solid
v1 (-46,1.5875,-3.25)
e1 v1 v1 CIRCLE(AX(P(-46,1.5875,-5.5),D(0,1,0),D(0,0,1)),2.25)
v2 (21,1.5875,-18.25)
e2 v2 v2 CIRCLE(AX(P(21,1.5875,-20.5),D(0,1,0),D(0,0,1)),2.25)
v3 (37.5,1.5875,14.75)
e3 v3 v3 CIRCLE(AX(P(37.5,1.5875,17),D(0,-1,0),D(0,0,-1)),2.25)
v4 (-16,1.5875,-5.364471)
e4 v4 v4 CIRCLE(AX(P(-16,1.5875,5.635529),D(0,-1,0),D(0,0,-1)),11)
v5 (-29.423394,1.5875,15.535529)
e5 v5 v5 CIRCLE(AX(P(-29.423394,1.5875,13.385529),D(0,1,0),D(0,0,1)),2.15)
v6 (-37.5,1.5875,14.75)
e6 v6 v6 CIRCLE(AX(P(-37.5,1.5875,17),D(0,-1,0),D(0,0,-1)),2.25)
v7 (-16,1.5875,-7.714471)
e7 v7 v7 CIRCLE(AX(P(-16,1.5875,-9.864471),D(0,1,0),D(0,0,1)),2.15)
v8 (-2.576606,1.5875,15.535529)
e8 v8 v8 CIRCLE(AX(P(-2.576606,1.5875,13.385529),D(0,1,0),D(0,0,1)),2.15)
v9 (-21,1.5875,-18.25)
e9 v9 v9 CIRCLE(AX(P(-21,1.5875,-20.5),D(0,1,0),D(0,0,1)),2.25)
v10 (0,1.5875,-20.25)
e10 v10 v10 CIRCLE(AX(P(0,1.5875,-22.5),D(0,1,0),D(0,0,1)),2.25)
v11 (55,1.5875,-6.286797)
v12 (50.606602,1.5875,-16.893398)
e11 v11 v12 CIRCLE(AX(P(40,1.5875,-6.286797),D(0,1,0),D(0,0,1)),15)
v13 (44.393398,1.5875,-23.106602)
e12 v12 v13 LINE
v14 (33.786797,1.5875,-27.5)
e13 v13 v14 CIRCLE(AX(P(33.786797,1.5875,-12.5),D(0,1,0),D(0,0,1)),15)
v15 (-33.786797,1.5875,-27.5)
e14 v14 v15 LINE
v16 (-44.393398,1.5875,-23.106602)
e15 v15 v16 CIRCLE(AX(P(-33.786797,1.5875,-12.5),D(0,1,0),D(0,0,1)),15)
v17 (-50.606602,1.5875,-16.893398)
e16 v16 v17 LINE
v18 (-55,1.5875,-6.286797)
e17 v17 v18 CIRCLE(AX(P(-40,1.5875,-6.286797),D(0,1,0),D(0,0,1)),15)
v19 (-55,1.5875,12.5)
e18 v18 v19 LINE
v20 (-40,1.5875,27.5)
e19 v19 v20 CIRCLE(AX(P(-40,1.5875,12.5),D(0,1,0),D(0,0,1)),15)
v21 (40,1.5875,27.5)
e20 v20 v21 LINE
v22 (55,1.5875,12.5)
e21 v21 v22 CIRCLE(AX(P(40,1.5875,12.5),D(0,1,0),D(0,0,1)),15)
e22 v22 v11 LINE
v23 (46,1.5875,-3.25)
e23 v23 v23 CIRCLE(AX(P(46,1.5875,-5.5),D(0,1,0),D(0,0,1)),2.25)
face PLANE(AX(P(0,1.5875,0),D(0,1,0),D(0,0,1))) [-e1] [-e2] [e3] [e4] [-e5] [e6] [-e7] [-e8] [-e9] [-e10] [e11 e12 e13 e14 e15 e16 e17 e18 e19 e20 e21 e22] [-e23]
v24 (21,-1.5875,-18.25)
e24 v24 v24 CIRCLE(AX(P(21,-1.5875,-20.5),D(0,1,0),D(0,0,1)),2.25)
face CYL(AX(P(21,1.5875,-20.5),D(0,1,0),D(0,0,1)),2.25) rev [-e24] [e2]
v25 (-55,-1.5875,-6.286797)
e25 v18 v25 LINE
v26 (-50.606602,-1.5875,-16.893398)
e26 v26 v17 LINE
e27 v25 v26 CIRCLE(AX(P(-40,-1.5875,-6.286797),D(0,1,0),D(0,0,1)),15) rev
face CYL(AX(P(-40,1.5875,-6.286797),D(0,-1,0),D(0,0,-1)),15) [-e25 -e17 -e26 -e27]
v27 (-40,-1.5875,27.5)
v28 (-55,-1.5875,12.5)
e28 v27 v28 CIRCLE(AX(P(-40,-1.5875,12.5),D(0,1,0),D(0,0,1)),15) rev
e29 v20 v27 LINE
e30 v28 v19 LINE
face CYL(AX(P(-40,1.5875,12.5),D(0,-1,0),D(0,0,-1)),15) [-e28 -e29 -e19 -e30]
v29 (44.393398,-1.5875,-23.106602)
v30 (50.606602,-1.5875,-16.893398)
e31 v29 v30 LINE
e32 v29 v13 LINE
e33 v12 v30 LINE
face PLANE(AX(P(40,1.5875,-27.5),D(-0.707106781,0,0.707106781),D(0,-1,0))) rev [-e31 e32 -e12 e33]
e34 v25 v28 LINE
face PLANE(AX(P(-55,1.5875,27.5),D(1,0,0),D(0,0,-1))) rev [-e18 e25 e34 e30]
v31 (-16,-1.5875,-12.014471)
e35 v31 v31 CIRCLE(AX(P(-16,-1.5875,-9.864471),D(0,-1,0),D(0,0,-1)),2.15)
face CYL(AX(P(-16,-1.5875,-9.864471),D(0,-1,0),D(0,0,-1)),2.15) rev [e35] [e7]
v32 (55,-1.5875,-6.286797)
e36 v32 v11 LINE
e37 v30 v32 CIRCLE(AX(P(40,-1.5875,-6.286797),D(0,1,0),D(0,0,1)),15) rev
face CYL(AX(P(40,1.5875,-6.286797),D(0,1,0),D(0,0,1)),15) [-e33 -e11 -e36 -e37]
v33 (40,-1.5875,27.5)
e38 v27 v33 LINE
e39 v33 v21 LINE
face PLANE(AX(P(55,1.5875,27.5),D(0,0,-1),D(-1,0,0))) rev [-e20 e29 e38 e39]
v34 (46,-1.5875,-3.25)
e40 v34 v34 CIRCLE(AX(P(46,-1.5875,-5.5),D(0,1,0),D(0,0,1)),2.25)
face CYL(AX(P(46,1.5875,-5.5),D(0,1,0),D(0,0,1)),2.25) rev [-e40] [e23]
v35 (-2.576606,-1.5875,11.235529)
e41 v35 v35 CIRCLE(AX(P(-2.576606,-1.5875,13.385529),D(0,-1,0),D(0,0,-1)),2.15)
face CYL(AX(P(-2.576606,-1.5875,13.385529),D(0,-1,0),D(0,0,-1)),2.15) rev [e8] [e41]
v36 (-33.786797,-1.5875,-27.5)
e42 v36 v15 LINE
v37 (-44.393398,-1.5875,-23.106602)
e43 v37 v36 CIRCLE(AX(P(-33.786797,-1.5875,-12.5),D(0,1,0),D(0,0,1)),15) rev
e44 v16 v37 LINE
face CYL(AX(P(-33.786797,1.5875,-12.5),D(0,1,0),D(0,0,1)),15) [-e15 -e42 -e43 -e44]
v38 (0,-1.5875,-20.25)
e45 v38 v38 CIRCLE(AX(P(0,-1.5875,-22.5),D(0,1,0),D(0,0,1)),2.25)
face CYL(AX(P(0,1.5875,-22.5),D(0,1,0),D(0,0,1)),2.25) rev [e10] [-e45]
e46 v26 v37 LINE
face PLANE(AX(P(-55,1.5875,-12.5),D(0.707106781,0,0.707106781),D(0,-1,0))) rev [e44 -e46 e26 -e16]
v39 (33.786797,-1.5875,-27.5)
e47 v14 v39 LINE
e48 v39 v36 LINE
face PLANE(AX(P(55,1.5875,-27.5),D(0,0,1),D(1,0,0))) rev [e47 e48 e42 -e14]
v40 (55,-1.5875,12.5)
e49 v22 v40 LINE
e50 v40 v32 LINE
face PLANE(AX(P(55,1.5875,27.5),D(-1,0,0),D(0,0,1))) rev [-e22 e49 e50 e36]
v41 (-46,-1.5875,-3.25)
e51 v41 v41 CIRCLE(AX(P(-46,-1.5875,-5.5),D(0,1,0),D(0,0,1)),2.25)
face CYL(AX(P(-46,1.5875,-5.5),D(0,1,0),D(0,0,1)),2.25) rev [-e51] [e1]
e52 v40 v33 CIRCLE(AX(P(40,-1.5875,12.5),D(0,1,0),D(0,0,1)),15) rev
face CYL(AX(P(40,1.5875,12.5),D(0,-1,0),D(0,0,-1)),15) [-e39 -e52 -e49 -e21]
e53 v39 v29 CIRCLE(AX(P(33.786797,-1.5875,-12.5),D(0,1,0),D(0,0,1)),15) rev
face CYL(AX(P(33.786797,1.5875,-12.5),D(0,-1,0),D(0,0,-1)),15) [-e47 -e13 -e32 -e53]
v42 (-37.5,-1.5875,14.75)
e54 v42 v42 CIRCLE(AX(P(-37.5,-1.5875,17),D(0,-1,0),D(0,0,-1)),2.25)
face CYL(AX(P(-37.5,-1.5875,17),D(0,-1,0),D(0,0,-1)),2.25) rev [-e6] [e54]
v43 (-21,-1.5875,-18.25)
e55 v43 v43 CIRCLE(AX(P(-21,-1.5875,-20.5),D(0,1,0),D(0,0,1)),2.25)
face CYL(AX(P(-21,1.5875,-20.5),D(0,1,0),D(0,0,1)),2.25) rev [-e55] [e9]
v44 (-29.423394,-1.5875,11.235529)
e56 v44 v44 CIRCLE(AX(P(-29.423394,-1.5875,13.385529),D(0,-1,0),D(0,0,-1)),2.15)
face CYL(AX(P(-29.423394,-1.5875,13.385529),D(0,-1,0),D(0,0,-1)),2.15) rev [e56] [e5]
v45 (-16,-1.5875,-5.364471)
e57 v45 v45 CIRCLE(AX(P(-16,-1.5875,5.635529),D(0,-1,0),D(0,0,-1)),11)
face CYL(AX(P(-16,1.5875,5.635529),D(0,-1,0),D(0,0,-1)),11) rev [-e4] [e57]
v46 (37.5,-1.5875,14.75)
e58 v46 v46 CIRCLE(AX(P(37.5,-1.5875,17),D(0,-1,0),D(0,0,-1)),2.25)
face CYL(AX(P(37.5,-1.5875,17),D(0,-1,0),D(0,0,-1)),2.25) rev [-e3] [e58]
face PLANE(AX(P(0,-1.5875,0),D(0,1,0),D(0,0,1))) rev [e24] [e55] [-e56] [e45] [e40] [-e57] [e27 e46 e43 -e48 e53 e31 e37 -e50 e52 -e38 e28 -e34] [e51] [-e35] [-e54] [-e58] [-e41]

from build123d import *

# Parameters (mm, degrees)
SKETCH2_W                = 110
SKETCH2_H                = 55
BOSS_EXTRUDE1_DEPTH      = 1.5875
M4_CLEARANCE_HOLE1_D     = 4.5
M4_CLEARANCE_HOLE2_D     = 4.5
CHAMFER1_SIZE            = 15
FILLET1_R                = 15
SKETCH8_R                = 11
CUT_EXTRUDE1_DEPTH       = 4.175
M4_CLEARANCE_HOLE3_D     = 4.3
M4_CLEARANCE_HOLE3_DEPTH = 3.175


with BuildPart() as part:
    # Sketch2 → Boss-Extrude1 (new body, symmetric)
    with BuildSketch(Plane(origin=(0, 0, 0), x_dir=(1, 0, 0), z_dir=(0, 1, 0))):
        Rectangle(SKETCH2_W, SKETCH2_H)
    extrude(amount=BOSS_EXTRUDE1_DEPTH, both=True)

    # M4 Clearance Hole1 (through all)
    with Locations(Plane(origin=(0, 1.5875, 0), x_dir=(1, 0, 0), z_dir=(0, 1, 0))):
        with Locations((-46, 5.5), (-21, 20.5), (21, 20.5), (46, 5.5), (0, 22.5)):
            Hole(M4_CLEARANCE_HOLE1_D / 2)

    # M4 Clearance Hole2 (through all)
    with Locations(Plane(origin=(0, -1.5875, 0), x_dir=(-1, 0, 0), z_dir=(0, -1, 0))):
        with Locations((37.5, -17), (-37.5, -17)):
            Hole(M4_CLEARANCE_HOLE2_D / 2)

    # Chamfer1
    chamfer1_edges = [part.edges().sort_by_distance(p)[0] for p in [
        (-55, 0, -27.5),
        (55, 0, -27.5),
    ]]
    chamfer(chamfer1_edges, length=CHAMFER1_SIZE)

    # Fillet1
    fillet1_edges = [part.edges().sort_by_distance(p)[0] for p in [
        (-55, 0, -12.5),
        (40, 0, -27.5),
        (-40, 0, -27.5),
        (55, 0, -12.5),
        (55, 0, 27.5),
        (-55, 0, 27.5),
    ]]
    fillet(fillet1_edges, radius=FILLET1_R)

    # Sketch8 → Cut-Extrude1 (cut, through all)
    with BuildSketch(Plane(origin=(0, -1.5875, 0), x_dir=(-1, 0, 0), z_dir=(0, -1, 0))):
        with Locations((16, -5.635528726)):
            Circle(SKETCH8_R)
    extrude(amount=-CUT_EXTRUDE1_DEPTH, mode=Mode.SUBTRACT)

    # M4 Clearance Hole3
    with Locations(Plane(origin=(0, -1.5875, 0), x_dir=(-1, 0, 0), z_dir=(0, -1, 0))):
        with Locations((16, 9.864471274), (2.576606241, -13.385528726), (29.423393759, -13.385528726)):
            Hole(M4_CLEARANCE_HOLE3_D / 2, depth=M4_CLEARANCE_HOLE3_DEPTH)


solid = part.part
